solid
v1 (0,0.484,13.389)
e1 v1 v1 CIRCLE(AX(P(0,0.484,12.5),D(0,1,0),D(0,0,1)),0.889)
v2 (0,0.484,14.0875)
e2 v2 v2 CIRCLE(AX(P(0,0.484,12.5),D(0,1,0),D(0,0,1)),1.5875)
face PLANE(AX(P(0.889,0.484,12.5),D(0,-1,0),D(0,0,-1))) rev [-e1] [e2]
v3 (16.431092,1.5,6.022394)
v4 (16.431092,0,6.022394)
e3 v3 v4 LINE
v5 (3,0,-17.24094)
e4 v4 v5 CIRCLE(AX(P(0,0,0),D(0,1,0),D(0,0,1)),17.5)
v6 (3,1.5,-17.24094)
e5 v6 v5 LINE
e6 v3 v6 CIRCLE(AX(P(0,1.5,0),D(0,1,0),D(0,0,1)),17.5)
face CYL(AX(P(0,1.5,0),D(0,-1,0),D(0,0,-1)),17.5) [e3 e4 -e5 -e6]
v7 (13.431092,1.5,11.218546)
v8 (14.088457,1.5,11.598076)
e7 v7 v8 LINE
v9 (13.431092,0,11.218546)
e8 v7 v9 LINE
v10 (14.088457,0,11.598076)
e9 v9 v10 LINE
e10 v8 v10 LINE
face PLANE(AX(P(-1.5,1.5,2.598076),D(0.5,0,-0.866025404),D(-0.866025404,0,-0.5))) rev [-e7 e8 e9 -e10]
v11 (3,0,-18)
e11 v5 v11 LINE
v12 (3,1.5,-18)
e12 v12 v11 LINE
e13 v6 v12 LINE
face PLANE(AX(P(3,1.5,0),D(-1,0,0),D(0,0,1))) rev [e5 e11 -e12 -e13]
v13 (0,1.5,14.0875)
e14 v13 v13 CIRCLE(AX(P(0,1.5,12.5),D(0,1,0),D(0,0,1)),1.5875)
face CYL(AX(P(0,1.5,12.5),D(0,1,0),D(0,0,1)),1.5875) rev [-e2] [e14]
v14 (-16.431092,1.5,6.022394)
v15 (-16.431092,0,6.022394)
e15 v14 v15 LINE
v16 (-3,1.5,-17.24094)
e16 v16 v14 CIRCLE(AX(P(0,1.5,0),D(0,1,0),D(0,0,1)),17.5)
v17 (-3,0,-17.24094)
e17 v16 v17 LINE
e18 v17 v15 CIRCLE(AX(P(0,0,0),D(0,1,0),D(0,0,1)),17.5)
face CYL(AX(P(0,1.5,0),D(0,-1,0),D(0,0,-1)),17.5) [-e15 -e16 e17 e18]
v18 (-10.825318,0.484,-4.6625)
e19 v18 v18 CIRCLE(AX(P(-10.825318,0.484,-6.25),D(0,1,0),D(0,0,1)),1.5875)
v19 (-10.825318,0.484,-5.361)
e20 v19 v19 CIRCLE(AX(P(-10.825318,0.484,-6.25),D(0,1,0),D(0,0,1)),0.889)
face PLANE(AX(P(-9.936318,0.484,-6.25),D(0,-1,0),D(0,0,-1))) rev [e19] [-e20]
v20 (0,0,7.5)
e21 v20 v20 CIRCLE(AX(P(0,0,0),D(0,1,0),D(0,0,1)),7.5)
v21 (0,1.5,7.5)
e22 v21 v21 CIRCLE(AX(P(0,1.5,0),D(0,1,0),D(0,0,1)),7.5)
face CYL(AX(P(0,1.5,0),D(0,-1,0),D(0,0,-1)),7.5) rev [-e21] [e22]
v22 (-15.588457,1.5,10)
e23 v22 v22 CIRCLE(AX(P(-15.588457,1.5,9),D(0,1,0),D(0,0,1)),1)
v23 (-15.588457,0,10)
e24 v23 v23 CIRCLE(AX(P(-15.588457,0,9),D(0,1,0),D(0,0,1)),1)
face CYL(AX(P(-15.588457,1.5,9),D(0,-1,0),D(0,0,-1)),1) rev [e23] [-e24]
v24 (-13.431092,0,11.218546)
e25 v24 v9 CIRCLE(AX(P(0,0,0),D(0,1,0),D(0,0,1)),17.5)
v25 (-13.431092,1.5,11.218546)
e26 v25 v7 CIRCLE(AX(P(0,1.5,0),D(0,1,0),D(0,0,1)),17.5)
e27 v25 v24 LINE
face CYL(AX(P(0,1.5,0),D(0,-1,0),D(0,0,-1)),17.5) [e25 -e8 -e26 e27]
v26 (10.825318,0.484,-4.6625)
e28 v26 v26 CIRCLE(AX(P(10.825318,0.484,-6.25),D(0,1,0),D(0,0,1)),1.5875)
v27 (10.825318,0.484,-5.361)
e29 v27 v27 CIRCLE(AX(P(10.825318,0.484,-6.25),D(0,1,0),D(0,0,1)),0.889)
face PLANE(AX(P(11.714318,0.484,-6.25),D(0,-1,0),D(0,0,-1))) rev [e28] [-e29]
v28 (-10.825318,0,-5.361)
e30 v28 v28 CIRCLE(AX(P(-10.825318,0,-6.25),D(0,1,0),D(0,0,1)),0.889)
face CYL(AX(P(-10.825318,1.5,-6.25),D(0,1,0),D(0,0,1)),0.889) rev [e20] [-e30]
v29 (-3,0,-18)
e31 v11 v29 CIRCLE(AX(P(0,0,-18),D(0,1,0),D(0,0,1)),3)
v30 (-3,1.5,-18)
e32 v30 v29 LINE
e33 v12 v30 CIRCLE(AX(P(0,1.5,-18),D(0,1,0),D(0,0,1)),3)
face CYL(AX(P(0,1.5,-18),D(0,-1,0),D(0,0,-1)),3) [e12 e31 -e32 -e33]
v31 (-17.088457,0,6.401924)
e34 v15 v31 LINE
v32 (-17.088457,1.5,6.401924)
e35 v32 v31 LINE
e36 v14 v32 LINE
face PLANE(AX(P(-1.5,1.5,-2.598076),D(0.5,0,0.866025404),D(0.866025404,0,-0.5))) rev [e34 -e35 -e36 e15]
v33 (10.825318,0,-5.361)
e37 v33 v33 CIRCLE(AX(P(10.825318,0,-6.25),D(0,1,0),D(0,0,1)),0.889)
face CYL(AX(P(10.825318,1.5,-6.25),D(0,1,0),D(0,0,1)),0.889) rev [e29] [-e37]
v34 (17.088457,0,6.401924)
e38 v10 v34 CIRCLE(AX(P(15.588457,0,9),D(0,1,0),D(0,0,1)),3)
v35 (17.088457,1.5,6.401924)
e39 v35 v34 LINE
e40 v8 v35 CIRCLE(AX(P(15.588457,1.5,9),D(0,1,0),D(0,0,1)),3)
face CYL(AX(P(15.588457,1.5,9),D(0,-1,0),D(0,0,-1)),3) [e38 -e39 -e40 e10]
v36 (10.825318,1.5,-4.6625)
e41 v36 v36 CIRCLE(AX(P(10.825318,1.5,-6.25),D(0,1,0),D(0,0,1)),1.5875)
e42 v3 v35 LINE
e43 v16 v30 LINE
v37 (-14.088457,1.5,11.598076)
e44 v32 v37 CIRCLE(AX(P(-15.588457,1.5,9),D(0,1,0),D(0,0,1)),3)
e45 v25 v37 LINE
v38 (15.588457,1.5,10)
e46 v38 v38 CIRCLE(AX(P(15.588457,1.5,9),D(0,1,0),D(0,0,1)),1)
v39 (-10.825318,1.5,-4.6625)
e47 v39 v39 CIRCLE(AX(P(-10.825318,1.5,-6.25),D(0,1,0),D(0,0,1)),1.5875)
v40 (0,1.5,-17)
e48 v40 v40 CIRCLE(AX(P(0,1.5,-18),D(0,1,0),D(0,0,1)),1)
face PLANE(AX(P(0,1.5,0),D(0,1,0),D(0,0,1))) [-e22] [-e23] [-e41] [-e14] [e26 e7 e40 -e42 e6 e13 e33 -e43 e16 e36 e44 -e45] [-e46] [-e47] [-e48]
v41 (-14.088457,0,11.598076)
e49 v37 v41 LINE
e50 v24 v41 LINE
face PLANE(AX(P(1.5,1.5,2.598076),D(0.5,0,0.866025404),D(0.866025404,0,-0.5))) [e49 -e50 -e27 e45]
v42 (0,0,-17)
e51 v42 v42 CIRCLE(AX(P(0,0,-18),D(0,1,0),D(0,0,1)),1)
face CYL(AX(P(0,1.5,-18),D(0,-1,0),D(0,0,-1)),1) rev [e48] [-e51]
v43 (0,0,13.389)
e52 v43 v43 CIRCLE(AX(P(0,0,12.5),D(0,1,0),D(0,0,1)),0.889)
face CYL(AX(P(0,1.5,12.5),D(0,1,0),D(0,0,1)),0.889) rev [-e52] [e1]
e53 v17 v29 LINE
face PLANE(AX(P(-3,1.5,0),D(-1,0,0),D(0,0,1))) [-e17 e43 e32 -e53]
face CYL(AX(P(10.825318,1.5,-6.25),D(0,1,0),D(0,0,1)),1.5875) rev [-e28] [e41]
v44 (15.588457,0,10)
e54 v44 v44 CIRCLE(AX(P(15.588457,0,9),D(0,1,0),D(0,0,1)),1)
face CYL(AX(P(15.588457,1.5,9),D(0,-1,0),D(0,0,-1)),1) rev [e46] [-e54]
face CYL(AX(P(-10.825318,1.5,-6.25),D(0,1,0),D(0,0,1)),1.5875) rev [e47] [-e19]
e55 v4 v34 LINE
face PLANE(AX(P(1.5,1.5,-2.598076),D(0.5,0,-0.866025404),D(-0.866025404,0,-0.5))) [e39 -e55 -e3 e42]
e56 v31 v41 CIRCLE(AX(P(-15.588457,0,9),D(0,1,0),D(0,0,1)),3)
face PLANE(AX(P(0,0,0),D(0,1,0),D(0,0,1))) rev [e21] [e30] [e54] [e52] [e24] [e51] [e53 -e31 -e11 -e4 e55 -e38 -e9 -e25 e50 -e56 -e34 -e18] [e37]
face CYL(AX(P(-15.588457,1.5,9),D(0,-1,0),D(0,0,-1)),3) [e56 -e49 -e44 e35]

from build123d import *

# Parameters (mm, degrees)
BOSS_EXTRUDE1_DEPTH                            = 1.5
CBORE_FOR_0_SOCKET_HEAD_CAP_SCREW1_D           = 1.778
CBORE_FOR_0_SOCKET_HEAD_CAP_SCREW1_CBORE_D     = 3.175
CBORE_FOR_0_SOCKET_HEAD_CAP_SCREW1_CBORE_DEPTH = 1.016


with BuildPart() as part:
    # Sketch1 → Boss-Extrude1 (new body)
    with BuildSketch(Plane(origin=(0, 0, 0), x_dir=(1, 0, 0), z_dir=(0, 1, 0))):
        with BuildLine():
            ThreePointArc((-15.564231563, -8.000293485), (-16.028200148, -7.024727753), (-16.431091722, -6.022393613))
            Line((-16.431091722, -6.022393613), (-17.088457268, -6.401923789))
            ThreePointArc((-17.088457268, -6.401923789), (-18.186533479, -10.5), (-14.088457268, -11.598076211))
            Line((-14.088457268, -11.598076211), (-13.431091722, -11.218546036))
            ThreePointArc((-13.431091722, -11.218546036), (-14.097692763, -10.368464629), (-14.710573178, -9.478873181))
            ThreePointArc((-14.710573178, -9.478873181), (-16.454482672, -9.5), (-15.564231563, -8.000293485))
        make_face()
        with BuildLine():
            ThreePointArc((-7.45294045, -0.83885556), (-6.495190528, 3.75), (-3, 6.873863542))
            Line((-3, 6.873863542), (-3, 17.24093965))
            ThreePointArc((-3, 17.24093965), (-15.155444566, 8.75), (-16.431091722, -6.022393613))
            Line((-16.431091722, -6.022393613), (-7.45294045, -0.83885556))
        make_face()
        with BuildLine():
            ThreePointArc((-4.45294045, -6.035007983), (-6.495190528, -3.75), (-7.45294045, -0.83885556))
            Line((-7.45294045, -0.83885556), (-16.431091722, -6.022393613))
            ThreePointArc((-16.431091722, -6.022393613), (-16.028200148, -7.024727753), (-15.564231563, -8.000293485))
            ThreePointArc((-15.564231563, -8.000293485), (-14.872836662, -8.301510811), (-14.588457268, -9))
            ThreePointArc((-14.588457268, -9), (-14.619467049, -9.247099079), (-14.710573178, -9.478873181))
            ThreePointArc((-14.710573178, -9.478873181), (-14.097692763, -10.368464629), (-13.431091722, -11.218546036))
            Line((-13.431091722, -11.218546036), (-4.45294045, -6.035007983))
        make_face()
        with BuildLine():
            ThreePointArc((4.45294045, -6.035007983), (0, -7.5), (-4.45294045, -6.035007983))
            Line((-4.45294045, -6.035007983), (-13.431091722, -11.218546036))
            ThreePointArc((-13.431091722, -11.218546036), (0, -17.5), (13.431091722, -11.218546036))
            Line((13.431091722, -11.218546036), (4.45294045, -6.035007983))
        make_face()
        with BuildLine():
            ThreePointArc((7.45294045, -0.83885556), (6.495190528, -3.75), (4.45294045, -6.035007983))
            Line((4.45294045, -6.035007983), (13.431091722, -11.218546036))
            ThreePointArc((13.431091722, -11.218546036), (14.097692763, -10.368464629), (14.710573178, -9.478873181))
            ThreePointArc((14.710573178, -9.478873181), (14.722431864, -8.5), (15.564231563, -8.000293485))
            ThreePointArc((15.564231563, -8.000293485), (16.028200148, -7.024727753), (16.431091722, -6.022393613))
            Line((16.431091722, -6.022393613), (7.45294045, -0.83885556))
        make_face()
        with BuildLine():
            Line((3, 17.24093965), (3, 6.873863542))
            ThreePointArc((3, 6.873863542), (6.274950199, 4.107919181), (7.5, 0))
            ThreePointArc((7.5, 0), (7.48822587, -0.420087268), (7.45294045, -0.83885556))
            Line((7.45294045, -0.83885556), (16.431091722, -6.022393613))
            ThreePointArc((16.431091722, -6.022393613), (17.230700873, -3.05825889), (17.5, 0))
            ThreePointArc((17.5, 0), (13.393095236, 11.263880326), (3, 17.24093965))
        make_face()
        with BuildLine():
            Line((-3, 18), (-3, 17.24093965))
            ThreePointArc((-3, 17.24093965), (-1.930507386, 17.393192382), (-0.853658385, 17.479166667))
            ThreePointArc((-0.853658385, 17.479166667), (-0.27050103, 18.962719685), (1, 18))
            ThreePointArc((1, 18), (0.962719685, 17.72949897), (0.853658385, 17.479166667))
            ThreePointArc((0.853658385, 17.479166667), (1.930507386, 17.393192382), (3, 17.24093965))
            Line((3, 17.24093965), (3, 18))
            ThreePointArc((3, 18), (0, 21), (-3, 18))
        make_face()
        with BuildLine():
            Line((-3, 17.24093965), (-3, 6.873863542))
            ThreePointArc((-3, 6.873863542), (0, 7.5), (3, 6.873863542))
            Line((3, 6.873863542), (3, 17.24093965))
            ThreePointArc((3, 17.24093965), (1.930507386, 17.393192382), (0.853658385, 17.479166667))
            ThreePointArc((0.853658385, 17.479166667), (0, 17), (-0.853658385, 17.479166667))
            ThreePointArc((-0.853658385, 17.479166667), (-1.930507386, 17.393192382), (-3, 17.24093965))
        make_face()
        with BuildLine():
            ThreePointArc((14.710573178, -9.478873181), (14.097692763, -10.368464629), (13.431091722, -11.218546036))
            Line((13.431091722, -11.218546036), (14.088457268, -11.598076211))
            ThreePointArc((14.088457268, -11.598076211), (18.186533479, -10.5), (17.088457268, -6.401923789))
            Line((17.088457268, -6.401923789), (16.431091722, -6.022393613))
            ThreePointArc((16.431091722, -6.022393613), (16.028200148, -7.024727753), (15.564231563, -8.000293485))
            ThreePointArc((15.564231563, -8.000293485), (16.286946457, -8.284379393), (16.588457268, -9))
            ThreePointArc((16.588457268, -9), (15.835556347, -9.968990219), (14.710573178, -9.478873181))
        make_face()
    extrude(amount=BOSS_EXTRUDE1_DEPTH)

    # CBORE for #0 Socket Head Cap Screw1 (through all)
    with Locations(Plane(origin=(0, 1.5, 0), x_dir=(1, 0, 0), z_dir=(0, 1, 0))):
        with Locations((-10.825317547, 6.25), (10.825317547, 6.25), (0, -12.5)):
            CounterBoreHole(CBORE_FOR_0_SOCKET_HEAD_CAP_SCREW1_D / 2, CBORE_FOR_0_SOCKET_HEAD_CAP_SCREW1_CBORE_D / 2, CBORE_FOR_0_SOCKET_HEAD_CAP_SCREW1_CBORE_DEPTH)


solid = part.part
